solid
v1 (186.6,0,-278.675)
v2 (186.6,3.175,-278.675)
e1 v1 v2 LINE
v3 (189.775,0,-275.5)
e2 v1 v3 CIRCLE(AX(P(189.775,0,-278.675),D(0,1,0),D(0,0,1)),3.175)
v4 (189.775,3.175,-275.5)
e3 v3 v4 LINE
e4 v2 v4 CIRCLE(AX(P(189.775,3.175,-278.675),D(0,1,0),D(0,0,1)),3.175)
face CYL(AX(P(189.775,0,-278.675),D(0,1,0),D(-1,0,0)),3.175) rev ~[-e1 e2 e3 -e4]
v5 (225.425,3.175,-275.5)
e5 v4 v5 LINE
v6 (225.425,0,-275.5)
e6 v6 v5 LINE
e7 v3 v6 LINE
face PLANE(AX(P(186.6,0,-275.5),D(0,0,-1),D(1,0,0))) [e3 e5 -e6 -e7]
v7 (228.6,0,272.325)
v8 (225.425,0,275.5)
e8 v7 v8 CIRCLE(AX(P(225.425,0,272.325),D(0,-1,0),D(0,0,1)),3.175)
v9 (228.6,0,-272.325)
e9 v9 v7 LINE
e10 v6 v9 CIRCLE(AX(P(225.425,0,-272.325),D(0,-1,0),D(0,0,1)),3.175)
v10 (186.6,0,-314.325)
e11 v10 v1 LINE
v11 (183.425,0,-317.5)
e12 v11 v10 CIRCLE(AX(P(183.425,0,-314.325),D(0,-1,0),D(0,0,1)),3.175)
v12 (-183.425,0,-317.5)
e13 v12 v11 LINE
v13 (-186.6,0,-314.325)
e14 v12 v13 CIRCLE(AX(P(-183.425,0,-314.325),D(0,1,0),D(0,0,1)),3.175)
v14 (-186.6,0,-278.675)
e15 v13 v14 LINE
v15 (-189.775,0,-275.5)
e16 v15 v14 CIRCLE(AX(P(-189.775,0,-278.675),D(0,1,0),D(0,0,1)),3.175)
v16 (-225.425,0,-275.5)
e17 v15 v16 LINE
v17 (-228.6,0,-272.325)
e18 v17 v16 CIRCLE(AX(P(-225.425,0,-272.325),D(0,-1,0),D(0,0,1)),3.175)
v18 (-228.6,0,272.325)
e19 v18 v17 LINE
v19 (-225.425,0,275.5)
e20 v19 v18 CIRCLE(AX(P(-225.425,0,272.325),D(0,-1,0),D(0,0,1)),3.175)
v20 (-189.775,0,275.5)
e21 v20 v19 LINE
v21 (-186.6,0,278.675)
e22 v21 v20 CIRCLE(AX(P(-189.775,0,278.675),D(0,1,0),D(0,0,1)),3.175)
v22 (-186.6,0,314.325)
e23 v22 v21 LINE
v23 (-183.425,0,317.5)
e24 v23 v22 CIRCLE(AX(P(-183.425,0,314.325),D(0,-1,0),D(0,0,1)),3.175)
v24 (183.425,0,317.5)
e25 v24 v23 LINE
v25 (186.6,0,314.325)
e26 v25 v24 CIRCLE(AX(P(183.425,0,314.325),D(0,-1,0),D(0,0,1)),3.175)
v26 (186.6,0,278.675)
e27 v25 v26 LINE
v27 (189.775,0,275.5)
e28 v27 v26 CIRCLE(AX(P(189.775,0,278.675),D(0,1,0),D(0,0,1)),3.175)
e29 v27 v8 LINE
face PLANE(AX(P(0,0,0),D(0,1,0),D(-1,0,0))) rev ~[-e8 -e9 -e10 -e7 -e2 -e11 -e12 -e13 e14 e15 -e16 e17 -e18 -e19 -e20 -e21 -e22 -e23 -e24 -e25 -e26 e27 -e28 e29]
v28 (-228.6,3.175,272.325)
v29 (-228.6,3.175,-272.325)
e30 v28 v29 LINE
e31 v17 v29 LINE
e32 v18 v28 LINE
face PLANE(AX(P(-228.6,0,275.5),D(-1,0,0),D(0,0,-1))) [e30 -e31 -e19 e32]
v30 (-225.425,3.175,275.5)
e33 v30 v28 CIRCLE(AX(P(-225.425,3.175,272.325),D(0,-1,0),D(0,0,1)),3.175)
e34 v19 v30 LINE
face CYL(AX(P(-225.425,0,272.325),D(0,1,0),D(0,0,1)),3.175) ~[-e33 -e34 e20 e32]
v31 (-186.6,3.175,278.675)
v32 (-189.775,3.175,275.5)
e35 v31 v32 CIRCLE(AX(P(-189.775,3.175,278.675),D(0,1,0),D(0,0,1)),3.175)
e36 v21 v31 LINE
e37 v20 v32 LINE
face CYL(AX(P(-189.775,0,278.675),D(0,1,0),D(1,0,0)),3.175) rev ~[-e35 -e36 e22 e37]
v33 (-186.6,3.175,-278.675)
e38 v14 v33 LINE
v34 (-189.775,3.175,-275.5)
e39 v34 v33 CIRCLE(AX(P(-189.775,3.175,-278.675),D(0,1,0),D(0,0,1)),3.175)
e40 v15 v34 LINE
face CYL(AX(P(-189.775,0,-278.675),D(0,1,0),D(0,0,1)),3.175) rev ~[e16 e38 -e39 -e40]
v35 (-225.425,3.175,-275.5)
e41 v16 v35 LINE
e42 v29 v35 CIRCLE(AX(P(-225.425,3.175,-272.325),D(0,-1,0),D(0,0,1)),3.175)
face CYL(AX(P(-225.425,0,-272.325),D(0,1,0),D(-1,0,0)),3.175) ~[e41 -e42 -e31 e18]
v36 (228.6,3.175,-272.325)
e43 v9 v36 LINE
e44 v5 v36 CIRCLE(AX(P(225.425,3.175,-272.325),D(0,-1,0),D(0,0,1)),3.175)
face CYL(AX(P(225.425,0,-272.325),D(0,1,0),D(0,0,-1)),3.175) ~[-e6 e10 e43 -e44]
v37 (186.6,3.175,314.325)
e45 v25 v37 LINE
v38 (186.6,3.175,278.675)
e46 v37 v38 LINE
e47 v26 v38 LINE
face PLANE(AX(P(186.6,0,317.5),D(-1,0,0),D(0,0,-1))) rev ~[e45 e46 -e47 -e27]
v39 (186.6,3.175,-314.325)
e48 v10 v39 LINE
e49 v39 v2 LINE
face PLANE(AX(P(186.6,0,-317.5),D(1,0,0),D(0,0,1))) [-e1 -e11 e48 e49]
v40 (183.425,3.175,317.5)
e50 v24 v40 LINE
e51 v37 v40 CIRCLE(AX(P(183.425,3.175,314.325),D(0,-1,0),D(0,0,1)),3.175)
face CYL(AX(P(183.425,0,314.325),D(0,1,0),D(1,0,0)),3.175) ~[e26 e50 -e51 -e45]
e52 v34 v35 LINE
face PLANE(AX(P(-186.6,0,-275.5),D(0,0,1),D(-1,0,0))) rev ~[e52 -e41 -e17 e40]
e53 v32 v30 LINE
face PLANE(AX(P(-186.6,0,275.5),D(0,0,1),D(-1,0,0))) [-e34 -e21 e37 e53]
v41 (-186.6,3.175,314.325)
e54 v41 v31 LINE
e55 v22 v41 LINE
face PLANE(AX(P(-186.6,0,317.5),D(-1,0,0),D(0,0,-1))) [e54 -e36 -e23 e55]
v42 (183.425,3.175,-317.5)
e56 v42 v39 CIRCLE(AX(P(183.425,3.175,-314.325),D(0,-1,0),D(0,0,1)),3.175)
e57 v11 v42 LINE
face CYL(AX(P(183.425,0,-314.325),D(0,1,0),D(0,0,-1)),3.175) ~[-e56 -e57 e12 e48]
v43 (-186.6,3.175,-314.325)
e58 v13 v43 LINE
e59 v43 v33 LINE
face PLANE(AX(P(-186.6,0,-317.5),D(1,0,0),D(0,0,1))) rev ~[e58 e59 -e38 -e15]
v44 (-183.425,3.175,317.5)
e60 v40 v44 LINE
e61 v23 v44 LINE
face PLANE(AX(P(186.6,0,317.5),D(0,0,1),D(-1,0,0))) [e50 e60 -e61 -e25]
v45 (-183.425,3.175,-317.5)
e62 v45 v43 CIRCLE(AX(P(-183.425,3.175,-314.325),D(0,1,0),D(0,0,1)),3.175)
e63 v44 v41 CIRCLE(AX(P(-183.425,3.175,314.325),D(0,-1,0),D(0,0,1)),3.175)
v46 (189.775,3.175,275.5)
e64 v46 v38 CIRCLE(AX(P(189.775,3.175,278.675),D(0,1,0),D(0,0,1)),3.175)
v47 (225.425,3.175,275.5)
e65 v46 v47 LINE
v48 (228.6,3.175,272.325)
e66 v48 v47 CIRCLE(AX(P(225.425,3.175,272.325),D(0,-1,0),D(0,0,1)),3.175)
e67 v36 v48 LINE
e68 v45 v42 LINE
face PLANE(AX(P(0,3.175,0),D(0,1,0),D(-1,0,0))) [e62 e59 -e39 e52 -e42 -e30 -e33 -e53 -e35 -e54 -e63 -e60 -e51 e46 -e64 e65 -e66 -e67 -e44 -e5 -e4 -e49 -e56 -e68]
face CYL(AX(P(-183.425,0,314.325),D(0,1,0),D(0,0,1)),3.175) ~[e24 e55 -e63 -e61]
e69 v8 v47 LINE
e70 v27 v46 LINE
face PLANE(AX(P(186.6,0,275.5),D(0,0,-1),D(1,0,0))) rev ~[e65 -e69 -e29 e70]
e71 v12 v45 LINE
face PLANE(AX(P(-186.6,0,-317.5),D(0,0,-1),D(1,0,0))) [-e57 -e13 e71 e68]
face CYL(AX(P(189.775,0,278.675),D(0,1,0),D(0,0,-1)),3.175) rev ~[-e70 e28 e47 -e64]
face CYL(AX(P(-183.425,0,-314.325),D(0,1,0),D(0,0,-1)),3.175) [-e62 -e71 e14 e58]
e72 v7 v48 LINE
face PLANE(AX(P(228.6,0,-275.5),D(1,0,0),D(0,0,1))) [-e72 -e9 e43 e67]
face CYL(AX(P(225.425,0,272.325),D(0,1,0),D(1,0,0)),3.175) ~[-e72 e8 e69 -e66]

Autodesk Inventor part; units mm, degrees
ref_plane "YZ Plane" through (0, 0, 0) normal (1, 0, 0) x (0, 1, 0)
ref_plane "XZ Plane" through (0, 0, 0) normal (0, 1, 0) x (-1, 0, 0)
ref_plane "XY Plane" through (0, 0, 0) normal (0, 0, 1) x (1, 0, 0)
sketch "Sketch1" plane through (0, 0, 0) normal (0, 1, 0) x (-1, 0, 0)
  line L0 (186.6, -317.5) -> (-186.6, -317.5)
  line L1 (-228.6, -275.5) -> (-228.6, 275.5)
  line L2 (-186.6, 317.5) -> (186.6, 317.5)
  line L3 (228.6, 275.5) -> (228.6, -275.5)
  line L4 (186.6, -317.5) -> (186.6, -275.5)
  line L5 (186.6, -275.5) -> (228.6, -275.5)
  line L6 (-186.6, -317.5) -> (-186.6, -275.5)
  line L7 (-186.6, -275.5) -> (-228.6, -275.5)
  line L8 (186.6, 317.5) -> (186.6, 275.5)
  line L9 (186.6, 275.5) -> (228.6, 275.5)
  line L10 (-186.6, 317.5) -> (-186.6, 275.5)
  line L11 (-186.6, 275.5) -> (-228.6, 275.5)
  point P0 (0, 0)
  dimension "d5" = 457.2
  dimension "d6" = 228.6
  dimension "d7" = 635
  dimension "d8" = 317.5
  dimension "d9" = 42
extrude "Extrusion1" add sketch "Sketch1" along normal blind 3.175
fillet "Fillet1" radius 3.175 12 edges at (186.6, 1.5875, -317.5) (186.6, 1.5875, -275.5) (228.6, 1.5875, -275.5) (-186.6, 1.5875, -317.5) (-186.6, 1.5875, -275.5) (-228.6, 1.5875, -275.5) (-228.6, 1.5875, 275.5) (-186.6, 1.5875, 275.5) (-186.6, 1.5875, 317.5) (186.6, 1.5875, 317.5) (186.6, 1.5875, 275.5) (228.6, 1.5875, 275.5)
equation "\"d6\" = 0.5 * d5"
equation "\"d8\" = 0.5 * d7"
